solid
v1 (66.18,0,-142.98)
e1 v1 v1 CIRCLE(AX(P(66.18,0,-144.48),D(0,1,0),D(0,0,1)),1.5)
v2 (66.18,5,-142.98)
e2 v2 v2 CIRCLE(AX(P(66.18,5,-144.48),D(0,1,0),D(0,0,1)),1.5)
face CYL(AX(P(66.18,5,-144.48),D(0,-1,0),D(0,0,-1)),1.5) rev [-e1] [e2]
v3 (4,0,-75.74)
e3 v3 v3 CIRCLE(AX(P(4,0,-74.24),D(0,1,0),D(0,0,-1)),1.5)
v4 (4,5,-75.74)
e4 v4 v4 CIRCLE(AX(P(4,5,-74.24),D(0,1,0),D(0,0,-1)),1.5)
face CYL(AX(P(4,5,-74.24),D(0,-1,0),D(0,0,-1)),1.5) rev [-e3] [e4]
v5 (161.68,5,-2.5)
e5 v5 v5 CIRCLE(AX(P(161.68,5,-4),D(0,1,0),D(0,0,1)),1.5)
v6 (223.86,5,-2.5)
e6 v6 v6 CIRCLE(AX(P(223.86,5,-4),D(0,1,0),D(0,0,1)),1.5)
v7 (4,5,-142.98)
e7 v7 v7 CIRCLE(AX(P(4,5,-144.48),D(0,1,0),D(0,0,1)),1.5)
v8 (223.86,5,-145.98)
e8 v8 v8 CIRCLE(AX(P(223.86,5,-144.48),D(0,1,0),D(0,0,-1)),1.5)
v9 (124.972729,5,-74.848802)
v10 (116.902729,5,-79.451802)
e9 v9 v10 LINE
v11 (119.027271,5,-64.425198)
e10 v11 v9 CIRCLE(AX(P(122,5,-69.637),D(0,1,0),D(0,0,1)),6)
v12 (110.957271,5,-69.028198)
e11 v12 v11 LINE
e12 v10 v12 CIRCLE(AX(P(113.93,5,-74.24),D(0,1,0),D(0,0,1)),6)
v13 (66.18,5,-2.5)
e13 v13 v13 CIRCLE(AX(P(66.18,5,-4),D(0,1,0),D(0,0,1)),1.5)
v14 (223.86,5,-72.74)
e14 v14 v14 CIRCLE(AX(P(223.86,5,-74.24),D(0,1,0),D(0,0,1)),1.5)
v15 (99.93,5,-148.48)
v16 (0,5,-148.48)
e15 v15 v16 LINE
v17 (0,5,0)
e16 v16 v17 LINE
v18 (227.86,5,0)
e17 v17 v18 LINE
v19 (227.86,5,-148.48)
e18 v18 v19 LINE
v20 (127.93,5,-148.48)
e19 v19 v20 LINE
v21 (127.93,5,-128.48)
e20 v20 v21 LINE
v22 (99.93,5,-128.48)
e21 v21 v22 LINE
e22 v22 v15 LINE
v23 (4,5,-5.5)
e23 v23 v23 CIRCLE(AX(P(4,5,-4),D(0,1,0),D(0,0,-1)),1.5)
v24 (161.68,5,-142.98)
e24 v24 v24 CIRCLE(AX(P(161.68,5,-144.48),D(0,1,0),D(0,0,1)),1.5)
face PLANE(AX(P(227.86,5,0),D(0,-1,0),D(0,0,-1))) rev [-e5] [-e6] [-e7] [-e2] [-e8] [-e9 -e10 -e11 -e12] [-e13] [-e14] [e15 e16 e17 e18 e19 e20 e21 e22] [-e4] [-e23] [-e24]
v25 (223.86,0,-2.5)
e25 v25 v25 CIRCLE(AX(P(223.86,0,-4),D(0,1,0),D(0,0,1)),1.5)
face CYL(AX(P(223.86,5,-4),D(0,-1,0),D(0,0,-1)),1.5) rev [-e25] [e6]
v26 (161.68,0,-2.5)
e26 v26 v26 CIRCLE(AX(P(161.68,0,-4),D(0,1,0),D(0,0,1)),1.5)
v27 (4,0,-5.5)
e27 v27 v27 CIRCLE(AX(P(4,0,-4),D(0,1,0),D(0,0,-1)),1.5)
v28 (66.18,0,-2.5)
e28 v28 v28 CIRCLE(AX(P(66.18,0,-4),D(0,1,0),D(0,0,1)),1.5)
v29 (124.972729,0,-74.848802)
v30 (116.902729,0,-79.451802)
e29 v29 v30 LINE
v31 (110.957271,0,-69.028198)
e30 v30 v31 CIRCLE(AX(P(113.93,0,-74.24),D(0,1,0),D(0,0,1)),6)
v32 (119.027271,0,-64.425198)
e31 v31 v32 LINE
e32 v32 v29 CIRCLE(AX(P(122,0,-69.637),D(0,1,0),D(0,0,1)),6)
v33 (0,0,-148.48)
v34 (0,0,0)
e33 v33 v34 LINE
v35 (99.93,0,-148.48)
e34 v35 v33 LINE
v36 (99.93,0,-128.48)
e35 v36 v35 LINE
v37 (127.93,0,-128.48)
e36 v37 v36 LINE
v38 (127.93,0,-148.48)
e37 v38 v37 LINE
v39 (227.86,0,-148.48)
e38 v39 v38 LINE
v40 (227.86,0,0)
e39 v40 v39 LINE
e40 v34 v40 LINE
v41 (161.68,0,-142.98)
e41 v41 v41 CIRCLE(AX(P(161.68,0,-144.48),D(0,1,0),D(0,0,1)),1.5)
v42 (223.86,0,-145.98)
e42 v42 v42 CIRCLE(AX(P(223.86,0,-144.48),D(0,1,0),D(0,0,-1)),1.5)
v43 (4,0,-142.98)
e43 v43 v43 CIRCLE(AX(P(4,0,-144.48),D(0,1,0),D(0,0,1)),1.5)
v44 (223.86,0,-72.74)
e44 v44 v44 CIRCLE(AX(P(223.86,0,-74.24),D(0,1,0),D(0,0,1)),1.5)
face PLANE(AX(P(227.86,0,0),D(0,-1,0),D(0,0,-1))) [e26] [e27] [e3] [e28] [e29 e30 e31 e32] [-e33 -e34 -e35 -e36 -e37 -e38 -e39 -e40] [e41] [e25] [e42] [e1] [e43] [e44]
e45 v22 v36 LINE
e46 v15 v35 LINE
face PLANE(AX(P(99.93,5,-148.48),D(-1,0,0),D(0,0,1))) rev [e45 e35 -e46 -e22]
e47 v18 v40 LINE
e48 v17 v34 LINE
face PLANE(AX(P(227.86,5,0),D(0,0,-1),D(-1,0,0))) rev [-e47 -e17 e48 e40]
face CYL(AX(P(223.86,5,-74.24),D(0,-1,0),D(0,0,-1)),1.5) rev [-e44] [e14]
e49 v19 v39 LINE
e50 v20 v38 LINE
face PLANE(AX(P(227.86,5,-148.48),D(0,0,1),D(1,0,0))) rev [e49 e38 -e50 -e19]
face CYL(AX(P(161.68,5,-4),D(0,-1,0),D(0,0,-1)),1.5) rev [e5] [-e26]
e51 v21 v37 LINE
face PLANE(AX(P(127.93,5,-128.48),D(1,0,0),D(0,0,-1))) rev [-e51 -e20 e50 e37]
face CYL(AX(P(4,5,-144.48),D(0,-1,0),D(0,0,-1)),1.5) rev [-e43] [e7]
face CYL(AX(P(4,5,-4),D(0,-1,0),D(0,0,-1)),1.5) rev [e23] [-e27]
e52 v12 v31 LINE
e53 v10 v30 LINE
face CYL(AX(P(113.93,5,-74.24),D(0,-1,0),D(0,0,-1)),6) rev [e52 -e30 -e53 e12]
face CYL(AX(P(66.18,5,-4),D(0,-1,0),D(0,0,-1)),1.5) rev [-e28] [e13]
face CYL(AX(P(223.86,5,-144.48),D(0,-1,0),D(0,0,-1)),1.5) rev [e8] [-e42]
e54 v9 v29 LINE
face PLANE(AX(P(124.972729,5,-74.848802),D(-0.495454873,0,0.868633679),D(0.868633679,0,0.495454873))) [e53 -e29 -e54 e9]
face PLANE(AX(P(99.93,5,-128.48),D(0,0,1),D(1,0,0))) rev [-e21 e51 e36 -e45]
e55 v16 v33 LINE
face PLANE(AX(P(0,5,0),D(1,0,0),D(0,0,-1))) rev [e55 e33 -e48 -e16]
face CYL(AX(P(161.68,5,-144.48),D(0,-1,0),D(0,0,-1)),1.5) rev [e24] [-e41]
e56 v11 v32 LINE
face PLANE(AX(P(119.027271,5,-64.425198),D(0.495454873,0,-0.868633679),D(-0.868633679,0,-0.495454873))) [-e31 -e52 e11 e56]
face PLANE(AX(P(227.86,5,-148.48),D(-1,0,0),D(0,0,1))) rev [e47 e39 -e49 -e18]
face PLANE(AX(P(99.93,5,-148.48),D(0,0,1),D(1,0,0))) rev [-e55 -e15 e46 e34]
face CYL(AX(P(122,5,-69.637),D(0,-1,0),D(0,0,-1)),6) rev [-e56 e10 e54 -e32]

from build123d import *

# Parameters (mm, degrees)
SKETCH1_R           = 1.5
BOSS_EXTRUDE1_DEPTH = 5


with BuildPart() as part:
    # Sketch1 → Boss-Extrude1 (new body)
    with BuildSketch(Plane(origin=(0, 0, 0), x_dir=(1, 0, 0), z_dir=(0, 1, 0))):
        Polygon((0, 0), (0, 148.48), (99.93, 148.48), (99.93, 128.48), (127.93, 128.48), (127.93, 148.48), (227.86, 148.48), (227.86, 0), align=None)
        with Locations(Location((223.86, 74.24, 0), (0, 0, 270))):
            Circle(SKETCH1_R, mode=Mode.SUBTRACT)
        with Locations(Location((4, 74.24, 0), (0, 0, 90))):
            Circle(SKETCH1_R, mode=Mode.SUBTRACT)
        with Locations(Location((66.18, 4, 0), (0, 0, 270))):
            Circle(SKETCH1_R, mode=Mode.SUBTRACT)
        with Locations(Location((161.68, 4, 0), (0, 0, 270))):
            Circle(SKETCH1_R, mode=Mode.SUBTRACT)
        with Locations(Location((161.68, 144.48, 0), (0, 0, 270))):
            Circle(SKETCH1_R, mode=Mode.SUBTRACT)
        with Locations(Location((66.18, 144.48, 0), (0, 0, 270))):
            Circle(SKETCH1_R, mode=Mode.SUBTRACT)
        with Locations(Location((223.86, 4, 0), (0, 0, 270))):
            Circle(SKETCH1_R, mode=Mode.SUBTRACT)
        with Locations(Location((4, 4, 0), (0, 0, 90))):
            Circle(SKETCH1_R, mode=Mode.SUBTRACT)
        with Locations(Location((4, 144.48, 0), (0, 0, 270))):
            Circle(SKETCH1_R, mode=Mode.SUBTRACT)
        with Locations(Location((223.86, 144.48, 0), (0, 0, 90))):
            Circle(SKETCH1_R, mode=Mode.SUBTRACT)
        with BuildLine():
            Line((124.972729238, 74.848802076), (116.902729238, 79.451802076))
            ThreePointArc((116.902729238, 79.451802076), (108.718197924, 77.212729238), (110.957270762, 69.028197924))
            Line((110.957270762, 69.028197924), (119.027270762, 64.425197924))
            ThreePointArc((119.027270762, 64.425197924), (127.211802076, 66.664270762), (124.972729238, 74.848802076))
        make_face(mode=Mode.SUBTRACT)
    extrude(amount=BOSS_EXTRUDE1_DEPTH)


solid = part.part
